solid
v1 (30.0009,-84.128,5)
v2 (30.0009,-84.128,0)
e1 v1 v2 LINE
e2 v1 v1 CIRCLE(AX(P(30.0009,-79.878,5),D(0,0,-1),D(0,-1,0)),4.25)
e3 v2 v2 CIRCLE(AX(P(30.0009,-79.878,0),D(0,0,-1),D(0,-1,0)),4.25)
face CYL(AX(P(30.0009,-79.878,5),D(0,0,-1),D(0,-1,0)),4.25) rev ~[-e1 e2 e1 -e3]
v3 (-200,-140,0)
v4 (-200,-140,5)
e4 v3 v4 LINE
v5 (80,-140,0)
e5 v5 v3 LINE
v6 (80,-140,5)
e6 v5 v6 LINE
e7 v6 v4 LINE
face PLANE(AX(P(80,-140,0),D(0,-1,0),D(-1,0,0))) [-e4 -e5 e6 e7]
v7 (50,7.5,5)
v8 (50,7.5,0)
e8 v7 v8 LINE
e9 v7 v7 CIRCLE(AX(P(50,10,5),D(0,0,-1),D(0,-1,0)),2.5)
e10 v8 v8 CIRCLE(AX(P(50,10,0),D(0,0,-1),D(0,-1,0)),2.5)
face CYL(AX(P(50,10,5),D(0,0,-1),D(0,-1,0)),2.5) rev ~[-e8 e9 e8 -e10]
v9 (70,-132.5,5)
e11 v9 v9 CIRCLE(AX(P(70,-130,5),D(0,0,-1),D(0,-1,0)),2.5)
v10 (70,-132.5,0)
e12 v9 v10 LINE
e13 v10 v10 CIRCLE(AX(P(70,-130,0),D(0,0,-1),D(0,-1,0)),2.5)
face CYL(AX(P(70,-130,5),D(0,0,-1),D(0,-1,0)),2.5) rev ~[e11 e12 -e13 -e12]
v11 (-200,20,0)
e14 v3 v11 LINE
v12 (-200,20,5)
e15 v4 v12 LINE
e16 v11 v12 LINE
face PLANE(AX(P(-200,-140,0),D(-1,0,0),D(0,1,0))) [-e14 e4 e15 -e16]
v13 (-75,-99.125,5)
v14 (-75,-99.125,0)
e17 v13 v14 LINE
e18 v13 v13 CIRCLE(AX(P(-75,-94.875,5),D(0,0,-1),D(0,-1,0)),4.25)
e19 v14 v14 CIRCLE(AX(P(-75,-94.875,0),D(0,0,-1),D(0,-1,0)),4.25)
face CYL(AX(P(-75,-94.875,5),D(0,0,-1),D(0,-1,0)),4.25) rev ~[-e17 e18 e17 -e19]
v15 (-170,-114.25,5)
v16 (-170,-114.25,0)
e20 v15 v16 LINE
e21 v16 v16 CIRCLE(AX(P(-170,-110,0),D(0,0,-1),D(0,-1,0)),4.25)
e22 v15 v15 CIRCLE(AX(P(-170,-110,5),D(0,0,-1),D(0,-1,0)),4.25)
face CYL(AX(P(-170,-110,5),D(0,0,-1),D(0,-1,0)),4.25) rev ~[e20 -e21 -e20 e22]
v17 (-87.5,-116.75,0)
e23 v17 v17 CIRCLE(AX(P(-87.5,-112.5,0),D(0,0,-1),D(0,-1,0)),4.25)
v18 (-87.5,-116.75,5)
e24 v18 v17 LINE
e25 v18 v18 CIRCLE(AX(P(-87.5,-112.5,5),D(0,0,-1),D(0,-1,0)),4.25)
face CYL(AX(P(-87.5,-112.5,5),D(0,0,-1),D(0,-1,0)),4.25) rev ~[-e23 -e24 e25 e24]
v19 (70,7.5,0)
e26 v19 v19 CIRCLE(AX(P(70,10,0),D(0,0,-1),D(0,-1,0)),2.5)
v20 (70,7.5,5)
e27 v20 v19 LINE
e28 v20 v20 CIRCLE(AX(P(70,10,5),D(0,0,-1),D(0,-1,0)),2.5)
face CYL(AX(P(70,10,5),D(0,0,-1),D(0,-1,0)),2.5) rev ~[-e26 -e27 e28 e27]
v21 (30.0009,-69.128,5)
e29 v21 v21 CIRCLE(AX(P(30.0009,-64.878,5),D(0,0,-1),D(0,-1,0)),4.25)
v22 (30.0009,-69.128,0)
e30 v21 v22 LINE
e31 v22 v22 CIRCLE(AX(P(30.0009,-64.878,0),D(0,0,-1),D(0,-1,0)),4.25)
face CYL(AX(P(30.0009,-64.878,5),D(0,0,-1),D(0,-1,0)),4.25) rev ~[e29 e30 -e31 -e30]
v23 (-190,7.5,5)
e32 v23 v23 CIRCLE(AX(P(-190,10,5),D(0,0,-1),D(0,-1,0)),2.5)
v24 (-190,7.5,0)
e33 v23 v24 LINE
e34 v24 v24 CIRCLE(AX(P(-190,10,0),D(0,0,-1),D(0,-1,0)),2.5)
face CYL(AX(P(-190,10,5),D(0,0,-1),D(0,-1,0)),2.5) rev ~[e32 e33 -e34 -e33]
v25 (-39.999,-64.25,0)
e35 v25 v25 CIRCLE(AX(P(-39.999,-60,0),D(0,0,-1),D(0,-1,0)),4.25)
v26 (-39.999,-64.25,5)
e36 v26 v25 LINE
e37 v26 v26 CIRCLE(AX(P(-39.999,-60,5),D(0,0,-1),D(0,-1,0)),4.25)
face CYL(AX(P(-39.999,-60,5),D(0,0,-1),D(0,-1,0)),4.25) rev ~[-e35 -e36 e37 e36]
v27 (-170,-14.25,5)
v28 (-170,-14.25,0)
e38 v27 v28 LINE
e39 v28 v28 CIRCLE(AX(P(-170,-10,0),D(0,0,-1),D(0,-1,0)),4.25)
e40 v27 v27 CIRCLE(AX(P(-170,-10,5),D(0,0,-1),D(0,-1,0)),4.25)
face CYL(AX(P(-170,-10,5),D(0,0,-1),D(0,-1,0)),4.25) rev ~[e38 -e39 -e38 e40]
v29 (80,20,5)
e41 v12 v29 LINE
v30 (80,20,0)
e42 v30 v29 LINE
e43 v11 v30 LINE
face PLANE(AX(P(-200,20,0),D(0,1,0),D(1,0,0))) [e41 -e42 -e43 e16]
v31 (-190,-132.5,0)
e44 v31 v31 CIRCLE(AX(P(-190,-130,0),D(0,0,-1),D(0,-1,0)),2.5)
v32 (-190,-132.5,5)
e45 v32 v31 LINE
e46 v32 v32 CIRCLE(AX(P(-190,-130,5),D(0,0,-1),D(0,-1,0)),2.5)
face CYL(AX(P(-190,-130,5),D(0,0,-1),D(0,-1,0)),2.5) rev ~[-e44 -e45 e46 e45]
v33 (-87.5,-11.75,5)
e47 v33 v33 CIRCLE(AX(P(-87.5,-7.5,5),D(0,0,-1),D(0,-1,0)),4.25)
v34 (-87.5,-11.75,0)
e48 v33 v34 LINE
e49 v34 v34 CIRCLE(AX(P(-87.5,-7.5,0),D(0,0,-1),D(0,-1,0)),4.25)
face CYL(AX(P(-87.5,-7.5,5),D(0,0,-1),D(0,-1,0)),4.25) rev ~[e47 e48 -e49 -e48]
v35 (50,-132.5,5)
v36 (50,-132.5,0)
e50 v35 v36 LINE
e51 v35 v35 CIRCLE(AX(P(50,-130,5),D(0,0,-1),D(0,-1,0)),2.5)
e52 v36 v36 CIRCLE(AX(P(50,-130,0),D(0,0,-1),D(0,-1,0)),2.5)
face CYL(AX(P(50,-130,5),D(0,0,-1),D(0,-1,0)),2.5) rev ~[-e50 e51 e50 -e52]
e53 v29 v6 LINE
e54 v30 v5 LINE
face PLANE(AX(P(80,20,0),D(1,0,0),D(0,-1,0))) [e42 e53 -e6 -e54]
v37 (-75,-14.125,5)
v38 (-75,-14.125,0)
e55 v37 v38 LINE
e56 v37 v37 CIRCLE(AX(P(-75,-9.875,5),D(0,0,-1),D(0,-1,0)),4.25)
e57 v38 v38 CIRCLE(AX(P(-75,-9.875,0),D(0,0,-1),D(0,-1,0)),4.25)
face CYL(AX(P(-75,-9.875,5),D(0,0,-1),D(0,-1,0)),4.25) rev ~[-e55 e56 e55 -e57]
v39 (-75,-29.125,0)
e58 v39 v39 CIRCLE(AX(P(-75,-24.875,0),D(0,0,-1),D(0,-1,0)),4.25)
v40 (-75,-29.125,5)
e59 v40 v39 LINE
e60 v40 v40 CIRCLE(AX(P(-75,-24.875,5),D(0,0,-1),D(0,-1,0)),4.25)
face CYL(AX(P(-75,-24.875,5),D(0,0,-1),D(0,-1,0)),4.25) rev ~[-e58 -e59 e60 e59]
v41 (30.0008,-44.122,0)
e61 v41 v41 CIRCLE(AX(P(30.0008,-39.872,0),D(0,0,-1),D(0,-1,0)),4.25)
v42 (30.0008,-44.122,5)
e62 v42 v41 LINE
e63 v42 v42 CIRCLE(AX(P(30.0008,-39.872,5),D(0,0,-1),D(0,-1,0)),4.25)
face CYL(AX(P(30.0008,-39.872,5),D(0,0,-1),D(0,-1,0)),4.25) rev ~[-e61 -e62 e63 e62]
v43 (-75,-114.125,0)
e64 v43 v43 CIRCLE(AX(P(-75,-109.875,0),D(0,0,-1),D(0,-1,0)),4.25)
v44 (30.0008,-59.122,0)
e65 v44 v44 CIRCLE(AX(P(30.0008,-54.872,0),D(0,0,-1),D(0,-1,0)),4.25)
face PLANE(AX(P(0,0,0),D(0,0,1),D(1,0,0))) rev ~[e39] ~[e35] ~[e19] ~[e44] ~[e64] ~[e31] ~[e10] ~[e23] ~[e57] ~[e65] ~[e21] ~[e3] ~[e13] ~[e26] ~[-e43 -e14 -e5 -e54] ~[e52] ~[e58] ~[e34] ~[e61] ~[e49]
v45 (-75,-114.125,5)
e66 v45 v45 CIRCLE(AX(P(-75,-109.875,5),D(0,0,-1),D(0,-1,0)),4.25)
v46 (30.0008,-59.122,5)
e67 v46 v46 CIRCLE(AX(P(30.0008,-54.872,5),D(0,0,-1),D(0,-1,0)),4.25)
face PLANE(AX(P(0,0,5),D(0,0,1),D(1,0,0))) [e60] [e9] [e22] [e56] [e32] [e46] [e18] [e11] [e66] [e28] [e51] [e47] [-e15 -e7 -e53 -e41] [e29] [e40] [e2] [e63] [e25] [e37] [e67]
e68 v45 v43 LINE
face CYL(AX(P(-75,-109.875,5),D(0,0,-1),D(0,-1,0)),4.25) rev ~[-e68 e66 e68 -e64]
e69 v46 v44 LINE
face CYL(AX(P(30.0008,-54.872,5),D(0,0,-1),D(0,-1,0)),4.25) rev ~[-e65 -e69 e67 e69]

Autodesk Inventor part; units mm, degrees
ref_plane "YZ Plane" through (0, 0, 0) normal (1, 0, 0) x (0, 1, 0)
ref_plane "XZ Plane" through (0, 0, 0) normal (0, 1, 0) x (-1, 0, 0)
ref_plane "XY Plane" through (0, 0, 0) normal (0, 0, 1) x (1, 0, 0)
sketch "Sketch1" plane through (0, 0, 0) normal (0, 0, 1) x (1, 0, 0)
  line L0 (-200, 20) -> (80, 20)
  line L1 (80, 20) -> (80, -140)
  line L2 (80, -140) -> (-200, -140)
  line L3 (-200, -140) -> (-200, 20)
  point P0 (0, 0)
  dimension "d0" = 280
  dimension "d1" = 160
  dimension "d2" = 80
  dimension "d3" = 140
extrude "Extrusion1" add sketch "Sketch1" along normal blind 5
sketch "Sketch2" plane through (0, 0, 5) normal (0, 0, 1) x (1, 0, 0)
  circle A0 centre (-170, -10) radius 2.5 projected
  point P0 (0, 0)
  point P1 (-87.5, -7.5)
  point P2 (-170, -10)
  point P3 (-170, -110)
  point P4 (-87.5, -112.5)
  point P5 (-75, -109.875)
  point P6 (-75, -94.875)
  point P7 (-75, -24.875)
  point P8 (-75, -9.875)
  point P9 (-39.999, -60)
  point P10 (30.0009, -79.878)
  point P11 (30.0009, -64.878)
  point P12 (30.0008, -54.872)
  point P13 (30.0008, -39.872)
hole "TornillosGripper" at (-87.5, -7.5, 5) at (-170, -10, 5) at (-170, -110, 5) at (-87.5, -112.5, 5) at (-75, -109.875, 5) at (-75, -94.875, 5) at (-75, -24.875, 5) at (-75, -9.875, 5) at (-39.999, -60, 5) at (30.0009, -79.878, 5) at (30.0009, -64.878, 5) at (30.0008, -54.872, 5) at (30.0008, -39.872, 5) direction (0, 0, -1) diameter 8.5 end through all
sketch "Sketch3" plane through (0, 0, 5) normal (0, 0, 1) x (1, 0, 0)
  line L0 (80, 20) -> (-200, 20) projected
  line L1 (-60, 20) -> (-60, -140) construction
  line L2 (-200, -140) -> (80, -140) projected
  line L3 (-200, 20) -> (-200, -140) projected
  line L4 (-200, -60) -> (80, -60) construction
  line L5 (80, -140) -> (80, 20) projected
  point P0 (0, 0)
  point P1 (-190, 10)
  point P2 (-190, -130)
  point P3 (70, -130)
  point P4 (70, 10)
  point P5 (50, 10)
  point P6 (50, -130)
  dimension "d13" = 10
  dimension "d14" = 10
  dimension "d22" = 20
  dimension "d23" = 10
hole "TornillosBase" at (-190, 10, 5) at (-190, -130, 5) at (70, -130, 5) at (70, 10, 5) at (50, 10, 5) at (50, -130, 5) direction (0, 0, -1) diameter 5 end through all
equation "\"d2\" = 0.5 * d1"
equation "\"d3\" = 0.5 * d0"
properties part number "BaseEnsamble" material "MDF Medium Density Fiberboard"
